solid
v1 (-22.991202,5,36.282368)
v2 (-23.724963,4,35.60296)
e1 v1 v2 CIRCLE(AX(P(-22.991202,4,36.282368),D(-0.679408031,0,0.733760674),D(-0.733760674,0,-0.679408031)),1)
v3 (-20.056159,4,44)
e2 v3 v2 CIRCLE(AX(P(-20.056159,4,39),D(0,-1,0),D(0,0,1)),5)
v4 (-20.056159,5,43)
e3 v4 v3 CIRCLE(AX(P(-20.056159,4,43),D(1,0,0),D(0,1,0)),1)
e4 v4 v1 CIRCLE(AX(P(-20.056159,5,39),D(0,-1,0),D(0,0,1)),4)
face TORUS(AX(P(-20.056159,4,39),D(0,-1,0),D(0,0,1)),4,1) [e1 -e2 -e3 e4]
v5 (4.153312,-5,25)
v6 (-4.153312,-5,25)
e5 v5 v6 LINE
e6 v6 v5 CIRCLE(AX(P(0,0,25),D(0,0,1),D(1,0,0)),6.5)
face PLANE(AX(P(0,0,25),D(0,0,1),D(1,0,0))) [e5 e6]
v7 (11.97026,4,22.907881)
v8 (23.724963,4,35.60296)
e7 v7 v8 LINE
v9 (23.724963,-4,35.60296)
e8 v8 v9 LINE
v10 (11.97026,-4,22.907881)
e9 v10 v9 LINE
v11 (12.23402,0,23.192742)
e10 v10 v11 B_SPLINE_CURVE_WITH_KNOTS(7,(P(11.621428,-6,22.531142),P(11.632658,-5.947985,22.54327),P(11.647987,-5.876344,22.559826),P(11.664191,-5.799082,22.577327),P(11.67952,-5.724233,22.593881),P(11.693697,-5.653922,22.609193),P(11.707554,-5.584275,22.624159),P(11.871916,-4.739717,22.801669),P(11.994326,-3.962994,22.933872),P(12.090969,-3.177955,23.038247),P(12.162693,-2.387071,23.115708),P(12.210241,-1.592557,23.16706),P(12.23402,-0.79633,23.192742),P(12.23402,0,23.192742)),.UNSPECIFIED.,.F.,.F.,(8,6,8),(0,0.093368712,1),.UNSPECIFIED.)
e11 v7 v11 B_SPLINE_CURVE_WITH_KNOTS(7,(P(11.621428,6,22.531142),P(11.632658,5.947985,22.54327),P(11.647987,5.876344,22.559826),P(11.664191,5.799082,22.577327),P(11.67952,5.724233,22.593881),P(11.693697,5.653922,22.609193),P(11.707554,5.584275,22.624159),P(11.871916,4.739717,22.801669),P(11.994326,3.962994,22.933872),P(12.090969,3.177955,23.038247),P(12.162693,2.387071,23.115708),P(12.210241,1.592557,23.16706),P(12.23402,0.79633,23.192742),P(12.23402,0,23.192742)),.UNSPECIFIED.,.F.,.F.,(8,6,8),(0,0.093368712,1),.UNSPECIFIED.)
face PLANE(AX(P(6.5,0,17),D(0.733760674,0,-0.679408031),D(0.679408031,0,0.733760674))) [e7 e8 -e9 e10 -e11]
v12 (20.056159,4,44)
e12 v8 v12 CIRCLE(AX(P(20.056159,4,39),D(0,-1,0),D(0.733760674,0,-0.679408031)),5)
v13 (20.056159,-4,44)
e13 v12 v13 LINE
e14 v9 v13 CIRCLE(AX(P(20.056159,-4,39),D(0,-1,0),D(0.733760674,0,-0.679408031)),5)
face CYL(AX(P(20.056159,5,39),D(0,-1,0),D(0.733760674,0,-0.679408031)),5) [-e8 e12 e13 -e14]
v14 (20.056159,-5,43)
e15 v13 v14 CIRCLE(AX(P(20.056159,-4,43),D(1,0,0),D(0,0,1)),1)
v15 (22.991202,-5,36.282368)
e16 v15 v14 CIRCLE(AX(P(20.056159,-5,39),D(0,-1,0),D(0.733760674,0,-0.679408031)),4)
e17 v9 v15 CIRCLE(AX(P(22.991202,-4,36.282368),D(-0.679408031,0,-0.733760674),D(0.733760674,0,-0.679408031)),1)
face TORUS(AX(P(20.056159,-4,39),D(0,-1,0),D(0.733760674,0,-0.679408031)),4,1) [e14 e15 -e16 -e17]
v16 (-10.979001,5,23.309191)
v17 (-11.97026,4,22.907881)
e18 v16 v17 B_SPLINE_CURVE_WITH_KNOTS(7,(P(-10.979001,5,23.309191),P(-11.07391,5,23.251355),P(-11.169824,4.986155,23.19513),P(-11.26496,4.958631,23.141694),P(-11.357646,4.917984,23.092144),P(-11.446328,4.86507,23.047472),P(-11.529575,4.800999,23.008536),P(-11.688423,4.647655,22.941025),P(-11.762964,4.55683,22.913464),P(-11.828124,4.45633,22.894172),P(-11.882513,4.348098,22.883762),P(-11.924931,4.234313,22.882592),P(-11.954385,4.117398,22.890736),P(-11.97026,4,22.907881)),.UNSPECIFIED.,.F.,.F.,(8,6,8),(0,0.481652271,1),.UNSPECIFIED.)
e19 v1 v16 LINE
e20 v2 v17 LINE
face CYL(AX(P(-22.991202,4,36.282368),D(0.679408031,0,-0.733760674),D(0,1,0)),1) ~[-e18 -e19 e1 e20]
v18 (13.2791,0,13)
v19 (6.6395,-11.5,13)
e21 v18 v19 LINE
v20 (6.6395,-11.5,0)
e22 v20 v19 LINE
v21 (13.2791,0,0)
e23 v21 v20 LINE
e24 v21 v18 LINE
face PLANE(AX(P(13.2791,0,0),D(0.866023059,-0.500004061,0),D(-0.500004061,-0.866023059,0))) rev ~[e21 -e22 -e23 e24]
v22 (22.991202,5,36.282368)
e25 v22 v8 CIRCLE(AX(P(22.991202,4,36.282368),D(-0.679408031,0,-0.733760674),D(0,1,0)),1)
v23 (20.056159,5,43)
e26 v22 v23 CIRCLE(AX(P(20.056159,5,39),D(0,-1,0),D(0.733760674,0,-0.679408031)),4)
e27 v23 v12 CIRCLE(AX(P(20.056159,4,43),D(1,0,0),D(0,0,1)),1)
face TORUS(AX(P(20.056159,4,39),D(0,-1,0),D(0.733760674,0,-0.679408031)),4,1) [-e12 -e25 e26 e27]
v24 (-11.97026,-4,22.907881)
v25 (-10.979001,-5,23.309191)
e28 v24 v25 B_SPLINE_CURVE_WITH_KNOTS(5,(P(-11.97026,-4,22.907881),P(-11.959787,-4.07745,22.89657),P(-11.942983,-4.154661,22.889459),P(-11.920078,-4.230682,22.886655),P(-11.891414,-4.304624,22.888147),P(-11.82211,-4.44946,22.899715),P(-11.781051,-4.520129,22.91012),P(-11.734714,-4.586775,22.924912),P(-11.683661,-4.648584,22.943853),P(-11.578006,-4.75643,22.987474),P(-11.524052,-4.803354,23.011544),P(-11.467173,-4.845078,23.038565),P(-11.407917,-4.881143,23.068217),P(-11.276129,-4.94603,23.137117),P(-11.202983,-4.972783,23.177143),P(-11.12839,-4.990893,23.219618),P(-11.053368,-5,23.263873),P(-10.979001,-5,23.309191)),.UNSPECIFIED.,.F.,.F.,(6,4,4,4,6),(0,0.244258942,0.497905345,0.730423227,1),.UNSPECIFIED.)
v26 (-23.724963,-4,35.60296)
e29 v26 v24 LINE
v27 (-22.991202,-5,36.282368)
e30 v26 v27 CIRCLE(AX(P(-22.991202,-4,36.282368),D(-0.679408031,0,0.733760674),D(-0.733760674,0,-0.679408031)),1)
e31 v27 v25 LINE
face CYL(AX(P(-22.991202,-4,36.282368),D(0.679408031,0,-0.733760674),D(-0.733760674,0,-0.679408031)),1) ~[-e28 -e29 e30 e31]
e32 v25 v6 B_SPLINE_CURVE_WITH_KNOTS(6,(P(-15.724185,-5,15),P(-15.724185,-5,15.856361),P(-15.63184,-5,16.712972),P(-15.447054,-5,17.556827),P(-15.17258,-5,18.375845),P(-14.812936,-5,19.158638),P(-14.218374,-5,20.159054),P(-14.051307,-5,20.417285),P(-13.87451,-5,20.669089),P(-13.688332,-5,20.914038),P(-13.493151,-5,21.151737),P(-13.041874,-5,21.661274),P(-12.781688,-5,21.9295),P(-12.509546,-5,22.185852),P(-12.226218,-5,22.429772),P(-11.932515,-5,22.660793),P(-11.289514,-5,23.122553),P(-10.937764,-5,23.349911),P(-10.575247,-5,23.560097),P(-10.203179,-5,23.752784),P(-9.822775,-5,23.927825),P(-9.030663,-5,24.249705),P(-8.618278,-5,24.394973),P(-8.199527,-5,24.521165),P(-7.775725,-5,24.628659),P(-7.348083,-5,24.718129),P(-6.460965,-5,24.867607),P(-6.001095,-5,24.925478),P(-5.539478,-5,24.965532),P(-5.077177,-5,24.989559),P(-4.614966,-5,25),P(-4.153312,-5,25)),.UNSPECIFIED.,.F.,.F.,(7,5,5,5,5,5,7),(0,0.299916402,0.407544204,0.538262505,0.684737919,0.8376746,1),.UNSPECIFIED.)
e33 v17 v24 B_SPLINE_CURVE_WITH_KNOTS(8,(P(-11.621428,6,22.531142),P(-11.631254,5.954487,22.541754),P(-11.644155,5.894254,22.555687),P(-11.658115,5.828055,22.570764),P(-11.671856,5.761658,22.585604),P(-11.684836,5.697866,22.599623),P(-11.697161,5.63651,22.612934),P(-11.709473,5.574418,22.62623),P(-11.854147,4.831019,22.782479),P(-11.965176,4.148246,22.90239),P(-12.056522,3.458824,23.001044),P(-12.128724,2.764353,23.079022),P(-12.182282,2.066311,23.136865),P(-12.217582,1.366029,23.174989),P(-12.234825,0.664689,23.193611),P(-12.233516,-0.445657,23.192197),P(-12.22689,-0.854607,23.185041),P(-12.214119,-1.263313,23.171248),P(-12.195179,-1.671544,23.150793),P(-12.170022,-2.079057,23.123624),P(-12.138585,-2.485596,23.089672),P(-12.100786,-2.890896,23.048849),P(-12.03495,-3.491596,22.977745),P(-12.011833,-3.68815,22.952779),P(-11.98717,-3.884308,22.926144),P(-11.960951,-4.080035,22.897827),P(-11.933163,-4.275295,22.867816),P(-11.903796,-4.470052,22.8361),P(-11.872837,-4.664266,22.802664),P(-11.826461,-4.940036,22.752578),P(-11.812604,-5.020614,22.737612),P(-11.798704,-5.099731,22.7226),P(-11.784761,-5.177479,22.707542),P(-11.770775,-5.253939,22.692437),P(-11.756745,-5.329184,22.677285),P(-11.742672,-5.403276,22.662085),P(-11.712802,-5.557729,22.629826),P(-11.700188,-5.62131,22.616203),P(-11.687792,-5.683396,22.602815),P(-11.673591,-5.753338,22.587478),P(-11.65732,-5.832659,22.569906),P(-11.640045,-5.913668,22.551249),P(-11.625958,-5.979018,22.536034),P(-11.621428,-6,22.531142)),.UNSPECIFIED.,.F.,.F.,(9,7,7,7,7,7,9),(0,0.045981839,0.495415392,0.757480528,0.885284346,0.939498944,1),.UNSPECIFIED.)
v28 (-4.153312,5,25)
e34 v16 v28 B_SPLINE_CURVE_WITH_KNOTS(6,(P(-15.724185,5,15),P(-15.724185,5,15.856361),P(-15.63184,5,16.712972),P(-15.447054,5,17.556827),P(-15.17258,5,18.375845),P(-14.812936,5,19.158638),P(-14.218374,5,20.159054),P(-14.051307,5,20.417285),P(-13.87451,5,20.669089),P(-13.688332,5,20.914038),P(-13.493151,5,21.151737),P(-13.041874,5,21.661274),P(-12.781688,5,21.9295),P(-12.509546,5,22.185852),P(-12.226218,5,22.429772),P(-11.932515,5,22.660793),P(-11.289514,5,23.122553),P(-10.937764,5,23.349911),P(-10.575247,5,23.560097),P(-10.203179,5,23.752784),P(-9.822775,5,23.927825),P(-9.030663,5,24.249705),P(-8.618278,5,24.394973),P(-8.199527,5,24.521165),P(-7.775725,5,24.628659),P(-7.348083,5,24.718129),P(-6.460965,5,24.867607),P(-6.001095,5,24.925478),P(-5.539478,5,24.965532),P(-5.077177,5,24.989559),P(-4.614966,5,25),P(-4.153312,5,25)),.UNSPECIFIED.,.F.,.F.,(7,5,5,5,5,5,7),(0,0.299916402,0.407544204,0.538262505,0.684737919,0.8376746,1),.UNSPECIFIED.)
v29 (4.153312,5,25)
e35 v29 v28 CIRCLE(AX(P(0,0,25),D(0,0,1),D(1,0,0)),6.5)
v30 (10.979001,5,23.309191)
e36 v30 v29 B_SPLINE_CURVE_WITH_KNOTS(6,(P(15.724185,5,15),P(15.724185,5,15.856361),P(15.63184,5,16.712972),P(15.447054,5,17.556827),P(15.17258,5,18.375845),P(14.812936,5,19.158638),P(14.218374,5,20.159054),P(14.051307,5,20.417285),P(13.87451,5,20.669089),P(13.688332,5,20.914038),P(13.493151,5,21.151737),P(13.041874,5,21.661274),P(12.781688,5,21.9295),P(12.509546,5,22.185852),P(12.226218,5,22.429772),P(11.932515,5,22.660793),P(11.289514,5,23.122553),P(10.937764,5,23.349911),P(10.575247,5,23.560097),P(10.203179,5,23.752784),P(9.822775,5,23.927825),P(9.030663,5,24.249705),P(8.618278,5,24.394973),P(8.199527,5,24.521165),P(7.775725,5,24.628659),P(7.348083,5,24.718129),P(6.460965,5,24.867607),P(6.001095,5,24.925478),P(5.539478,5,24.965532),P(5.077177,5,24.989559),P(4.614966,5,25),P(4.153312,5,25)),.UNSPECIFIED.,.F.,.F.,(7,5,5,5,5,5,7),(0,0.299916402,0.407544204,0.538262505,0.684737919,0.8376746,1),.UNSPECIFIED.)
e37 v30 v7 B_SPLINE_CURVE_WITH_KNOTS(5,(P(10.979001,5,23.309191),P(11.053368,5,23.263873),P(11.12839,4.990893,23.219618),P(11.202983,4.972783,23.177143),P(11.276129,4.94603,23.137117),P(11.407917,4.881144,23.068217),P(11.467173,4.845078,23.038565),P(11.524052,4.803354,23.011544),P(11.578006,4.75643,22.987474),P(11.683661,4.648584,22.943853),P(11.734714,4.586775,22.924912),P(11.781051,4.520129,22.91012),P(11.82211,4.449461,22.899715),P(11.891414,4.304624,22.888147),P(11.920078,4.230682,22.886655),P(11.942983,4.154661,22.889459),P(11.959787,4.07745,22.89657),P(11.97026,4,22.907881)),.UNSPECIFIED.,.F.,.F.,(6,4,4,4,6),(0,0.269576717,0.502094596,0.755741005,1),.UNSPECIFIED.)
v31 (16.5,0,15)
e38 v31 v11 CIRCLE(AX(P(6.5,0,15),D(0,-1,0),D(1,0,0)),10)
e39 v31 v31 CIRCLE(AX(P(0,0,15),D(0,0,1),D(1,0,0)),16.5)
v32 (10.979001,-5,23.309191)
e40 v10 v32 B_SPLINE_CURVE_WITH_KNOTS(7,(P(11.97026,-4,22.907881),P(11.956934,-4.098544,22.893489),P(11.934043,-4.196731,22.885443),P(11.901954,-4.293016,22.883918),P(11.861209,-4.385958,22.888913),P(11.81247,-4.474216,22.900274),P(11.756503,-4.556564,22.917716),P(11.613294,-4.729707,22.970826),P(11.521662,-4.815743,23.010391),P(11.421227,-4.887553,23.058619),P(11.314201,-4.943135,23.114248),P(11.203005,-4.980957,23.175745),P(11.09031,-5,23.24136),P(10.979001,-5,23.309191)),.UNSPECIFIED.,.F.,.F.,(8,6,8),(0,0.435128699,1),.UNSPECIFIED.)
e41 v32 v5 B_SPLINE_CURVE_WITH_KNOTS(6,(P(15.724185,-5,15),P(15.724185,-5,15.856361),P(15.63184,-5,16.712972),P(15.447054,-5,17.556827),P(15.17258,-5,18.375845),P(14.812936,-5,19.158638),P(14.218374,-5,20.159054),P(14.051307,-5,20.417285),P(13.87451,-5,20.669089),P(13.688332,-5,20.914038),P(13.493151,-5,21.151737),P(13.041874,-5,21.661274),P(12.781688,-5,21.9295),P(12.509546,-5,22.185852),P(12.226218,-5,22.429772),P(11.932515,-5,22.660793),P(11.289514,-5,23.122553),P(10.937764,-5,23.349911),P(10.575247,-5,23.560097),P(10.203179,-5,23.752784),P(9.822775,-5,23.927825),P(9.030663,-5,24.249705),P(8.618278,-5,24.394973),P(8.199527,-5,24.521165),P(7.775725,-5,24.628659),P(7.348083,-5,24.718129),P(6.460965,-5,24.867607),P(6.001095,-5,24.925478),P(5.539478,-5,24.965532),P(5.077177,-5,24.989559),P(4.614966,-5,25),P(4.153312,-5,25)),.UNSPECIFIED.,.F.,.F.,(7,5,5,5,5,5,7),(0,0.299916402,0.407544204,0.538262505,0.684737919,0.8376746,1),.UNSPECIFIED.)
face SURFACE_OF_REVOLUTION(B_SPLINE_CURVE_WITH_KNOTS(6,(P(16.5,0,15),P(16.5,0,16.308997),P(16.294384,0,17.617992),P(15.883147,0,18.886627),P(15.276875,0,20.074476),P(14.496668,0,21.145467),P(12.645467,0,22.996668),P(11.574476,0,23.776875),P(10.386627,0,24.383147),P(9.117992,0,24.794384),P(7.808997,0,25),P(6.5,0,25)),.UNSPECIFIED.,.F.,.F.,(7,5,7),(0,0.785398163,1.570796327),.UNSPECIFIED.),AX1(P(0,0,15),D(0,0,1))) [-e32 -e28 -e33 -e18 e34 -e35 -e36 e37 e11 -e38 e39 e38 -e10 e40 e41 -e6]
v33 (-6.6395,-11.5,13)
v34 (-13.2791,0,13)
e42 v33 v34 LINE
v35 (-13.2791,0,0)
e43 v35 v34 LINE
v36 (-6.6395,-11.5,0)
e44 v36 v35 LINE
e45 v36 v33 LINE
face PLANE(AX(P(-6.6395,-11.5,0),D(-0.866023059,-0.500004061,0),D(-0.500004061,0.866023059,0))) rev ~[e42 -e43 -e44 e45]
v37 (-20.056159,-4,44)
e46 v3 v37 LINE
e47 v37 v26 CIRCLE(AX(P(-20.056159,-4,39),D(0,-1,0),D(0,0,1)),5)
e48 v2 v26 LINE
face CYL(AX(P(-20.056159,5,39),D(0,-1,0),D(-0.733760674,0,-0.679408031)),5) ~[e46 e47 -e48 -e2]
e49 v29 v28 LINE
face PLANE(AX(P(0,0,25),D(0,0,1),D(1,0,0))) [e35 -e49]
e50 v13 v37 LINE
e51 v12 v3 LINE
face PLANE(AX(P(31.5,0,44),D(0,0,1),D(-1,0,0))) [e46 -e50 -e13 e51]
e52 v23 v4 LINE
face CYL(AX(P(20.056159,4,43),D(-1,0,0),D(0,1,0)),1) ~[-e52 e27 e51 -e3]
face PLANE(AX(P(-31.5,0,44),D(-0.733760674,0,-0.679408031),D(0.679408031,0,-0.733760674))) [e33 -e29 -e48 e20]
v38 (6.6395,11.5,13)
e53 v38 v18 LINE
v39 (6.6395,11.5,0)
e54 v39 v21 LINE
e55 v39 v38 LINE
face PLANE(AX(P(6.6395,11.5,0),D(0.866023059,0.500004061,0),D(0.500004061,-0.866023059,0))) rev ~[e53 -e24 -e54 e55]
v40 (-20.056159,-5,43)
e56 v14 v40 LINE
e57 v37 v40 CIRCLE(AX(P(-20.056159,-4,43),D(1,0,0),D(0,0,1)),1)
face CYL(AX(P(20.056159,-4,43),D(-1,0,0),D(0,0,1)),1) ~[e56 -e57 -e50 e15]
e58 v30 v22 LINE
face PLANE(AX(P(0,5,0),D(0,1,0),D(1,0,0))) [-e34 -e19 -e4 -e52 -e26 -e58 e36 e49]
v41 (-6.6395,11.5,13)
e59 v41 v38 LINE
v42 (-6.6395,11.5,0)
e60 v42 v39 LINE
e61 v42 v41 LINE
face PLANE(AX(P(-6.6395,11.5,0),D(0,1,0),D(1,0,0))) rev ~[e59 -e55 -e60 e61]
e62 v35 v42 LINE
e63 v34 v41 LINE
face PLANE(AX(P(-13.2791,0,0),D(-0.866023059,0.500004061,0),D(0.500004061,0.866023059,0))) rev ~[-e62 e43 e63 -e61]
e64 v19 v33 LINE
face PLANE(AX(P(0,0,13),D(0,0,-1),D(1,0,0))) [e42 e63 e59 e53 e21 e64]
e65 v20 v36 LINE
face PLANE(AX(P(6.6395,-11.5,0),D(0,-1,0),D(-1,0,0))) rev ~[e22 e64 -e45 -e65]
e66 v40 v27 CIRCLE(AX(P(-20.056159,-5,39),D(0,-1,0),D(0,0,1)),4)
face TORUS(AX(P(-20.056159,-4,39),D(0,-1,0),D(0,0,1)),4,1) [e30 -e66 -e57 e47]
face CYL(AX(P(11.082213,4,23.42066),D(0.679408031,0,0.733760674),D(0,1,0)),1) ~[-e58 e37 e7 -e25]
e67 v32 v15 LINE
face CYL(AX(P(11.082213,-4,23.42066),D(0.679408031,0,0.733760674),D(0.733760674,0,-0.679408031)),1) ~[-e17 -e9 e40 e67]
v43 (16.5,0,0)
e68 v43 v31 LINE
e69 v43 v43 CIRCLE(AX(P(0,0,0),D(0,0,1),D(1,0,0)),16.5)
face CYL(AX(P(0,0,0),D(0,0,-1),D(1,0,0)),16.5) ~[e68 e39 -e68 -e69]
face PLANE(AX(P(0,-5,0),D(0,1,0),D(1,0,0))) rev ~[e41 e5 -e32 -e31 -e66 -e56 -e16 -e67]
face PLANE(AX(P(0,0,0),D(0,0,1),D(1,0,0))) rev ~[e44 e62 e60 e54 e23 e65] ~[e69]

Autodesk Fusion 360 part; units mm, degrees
sketch "Skizze1" plane through (0, 0, 0) normal (0, 0, 1) x (1, 0, 0) in component "Teigblume"
  circle A0 centre (0, 0) radius 16.5
  dimension "d1" = 33
extrude "Extrusion1" add sketch "Skizze1" along normal blind 25 in component "Teigblume"
fillet "Abrundung1" radius 10 1 edges at (-15.3834, -5.9667, 25) in component "Teigblume"
sketch "Skizze2" plane through (0, 0, 0) normal (0, 1, 0) x (1, 0, 0) in component "Teigblume"
  line L0 (6.5, -17) -> (31.5, -44)
  line L1 (31.5, -44) -> (-31.5, -44)
  line L2 (-31.5, -44) -> (-6.5, -17)
  line L3 (-6.5, -17) -> (6.5, -17)
  line L4 (-16.5, -15) -> (16.5, -15)
  dimension "d6" = 2
  dimension "d7" = 27
  dimension "d8" = 10
  dimension "d9" = 10
  dimension "d19" = 15
  dimension "d20" = 15
extrude "Extrusion2" add sketch "Skizze2" along normal mid plane 10 in component "Teigblume"
fillet "Abrundung2" radius 5 2 edges at (-31.5, 0, 44) (31.5, 0, 44) in component "Teigblume"
fillet "Abrundung3" radius 1 10 edges at (-17.7705, 5, 29.1721) (-24.6379, 5, 41.0018) (0, 5, 44) (24.6379, 5, 41.0018) (17.7705, 5, 29.1721) (17.7705, -5, 29.1721) (24.6379, -5, 41.0018) (0, -5, 44) (-24.6379, -5, 41.0018) (-17.7705, -5, 29.1721) in component "Teigblume"
sketch "Skizze3" plane through (0, 0, 0) normal (0, 0, -1) x (1, 0, 0) in component "Teigblume"
  circle A0 centre (0, 0) radius 16.5
  line L0 (13.2791, 0) -> (6.6395, 11.5)
  line L1 (6.6395, 11.5) -> (-6.6395, 11.5)
  line L2 (-6.6395, 11.5) -> (-13.2791, 0)
  line L3 (-13.2791, 0) -> (-6.6395, -11.5)
  line L4 (-6.6395, -11.5) -> (6.6395, -11.5)
  line L5 (6.6395, -11.5) -> (13.2791, 0)
  dimension "d16" = 11.5
extrude "Extrusion3" cut sketch "Skizze3" against normal blind 13 contours L0 L1 L2 L3 L4 L5 in component "Teigblume"
component "Teigblume" placed x (1, 0, 0) y (0, 1, 0) z (0, 0, 1) at (0, 0, 0)
